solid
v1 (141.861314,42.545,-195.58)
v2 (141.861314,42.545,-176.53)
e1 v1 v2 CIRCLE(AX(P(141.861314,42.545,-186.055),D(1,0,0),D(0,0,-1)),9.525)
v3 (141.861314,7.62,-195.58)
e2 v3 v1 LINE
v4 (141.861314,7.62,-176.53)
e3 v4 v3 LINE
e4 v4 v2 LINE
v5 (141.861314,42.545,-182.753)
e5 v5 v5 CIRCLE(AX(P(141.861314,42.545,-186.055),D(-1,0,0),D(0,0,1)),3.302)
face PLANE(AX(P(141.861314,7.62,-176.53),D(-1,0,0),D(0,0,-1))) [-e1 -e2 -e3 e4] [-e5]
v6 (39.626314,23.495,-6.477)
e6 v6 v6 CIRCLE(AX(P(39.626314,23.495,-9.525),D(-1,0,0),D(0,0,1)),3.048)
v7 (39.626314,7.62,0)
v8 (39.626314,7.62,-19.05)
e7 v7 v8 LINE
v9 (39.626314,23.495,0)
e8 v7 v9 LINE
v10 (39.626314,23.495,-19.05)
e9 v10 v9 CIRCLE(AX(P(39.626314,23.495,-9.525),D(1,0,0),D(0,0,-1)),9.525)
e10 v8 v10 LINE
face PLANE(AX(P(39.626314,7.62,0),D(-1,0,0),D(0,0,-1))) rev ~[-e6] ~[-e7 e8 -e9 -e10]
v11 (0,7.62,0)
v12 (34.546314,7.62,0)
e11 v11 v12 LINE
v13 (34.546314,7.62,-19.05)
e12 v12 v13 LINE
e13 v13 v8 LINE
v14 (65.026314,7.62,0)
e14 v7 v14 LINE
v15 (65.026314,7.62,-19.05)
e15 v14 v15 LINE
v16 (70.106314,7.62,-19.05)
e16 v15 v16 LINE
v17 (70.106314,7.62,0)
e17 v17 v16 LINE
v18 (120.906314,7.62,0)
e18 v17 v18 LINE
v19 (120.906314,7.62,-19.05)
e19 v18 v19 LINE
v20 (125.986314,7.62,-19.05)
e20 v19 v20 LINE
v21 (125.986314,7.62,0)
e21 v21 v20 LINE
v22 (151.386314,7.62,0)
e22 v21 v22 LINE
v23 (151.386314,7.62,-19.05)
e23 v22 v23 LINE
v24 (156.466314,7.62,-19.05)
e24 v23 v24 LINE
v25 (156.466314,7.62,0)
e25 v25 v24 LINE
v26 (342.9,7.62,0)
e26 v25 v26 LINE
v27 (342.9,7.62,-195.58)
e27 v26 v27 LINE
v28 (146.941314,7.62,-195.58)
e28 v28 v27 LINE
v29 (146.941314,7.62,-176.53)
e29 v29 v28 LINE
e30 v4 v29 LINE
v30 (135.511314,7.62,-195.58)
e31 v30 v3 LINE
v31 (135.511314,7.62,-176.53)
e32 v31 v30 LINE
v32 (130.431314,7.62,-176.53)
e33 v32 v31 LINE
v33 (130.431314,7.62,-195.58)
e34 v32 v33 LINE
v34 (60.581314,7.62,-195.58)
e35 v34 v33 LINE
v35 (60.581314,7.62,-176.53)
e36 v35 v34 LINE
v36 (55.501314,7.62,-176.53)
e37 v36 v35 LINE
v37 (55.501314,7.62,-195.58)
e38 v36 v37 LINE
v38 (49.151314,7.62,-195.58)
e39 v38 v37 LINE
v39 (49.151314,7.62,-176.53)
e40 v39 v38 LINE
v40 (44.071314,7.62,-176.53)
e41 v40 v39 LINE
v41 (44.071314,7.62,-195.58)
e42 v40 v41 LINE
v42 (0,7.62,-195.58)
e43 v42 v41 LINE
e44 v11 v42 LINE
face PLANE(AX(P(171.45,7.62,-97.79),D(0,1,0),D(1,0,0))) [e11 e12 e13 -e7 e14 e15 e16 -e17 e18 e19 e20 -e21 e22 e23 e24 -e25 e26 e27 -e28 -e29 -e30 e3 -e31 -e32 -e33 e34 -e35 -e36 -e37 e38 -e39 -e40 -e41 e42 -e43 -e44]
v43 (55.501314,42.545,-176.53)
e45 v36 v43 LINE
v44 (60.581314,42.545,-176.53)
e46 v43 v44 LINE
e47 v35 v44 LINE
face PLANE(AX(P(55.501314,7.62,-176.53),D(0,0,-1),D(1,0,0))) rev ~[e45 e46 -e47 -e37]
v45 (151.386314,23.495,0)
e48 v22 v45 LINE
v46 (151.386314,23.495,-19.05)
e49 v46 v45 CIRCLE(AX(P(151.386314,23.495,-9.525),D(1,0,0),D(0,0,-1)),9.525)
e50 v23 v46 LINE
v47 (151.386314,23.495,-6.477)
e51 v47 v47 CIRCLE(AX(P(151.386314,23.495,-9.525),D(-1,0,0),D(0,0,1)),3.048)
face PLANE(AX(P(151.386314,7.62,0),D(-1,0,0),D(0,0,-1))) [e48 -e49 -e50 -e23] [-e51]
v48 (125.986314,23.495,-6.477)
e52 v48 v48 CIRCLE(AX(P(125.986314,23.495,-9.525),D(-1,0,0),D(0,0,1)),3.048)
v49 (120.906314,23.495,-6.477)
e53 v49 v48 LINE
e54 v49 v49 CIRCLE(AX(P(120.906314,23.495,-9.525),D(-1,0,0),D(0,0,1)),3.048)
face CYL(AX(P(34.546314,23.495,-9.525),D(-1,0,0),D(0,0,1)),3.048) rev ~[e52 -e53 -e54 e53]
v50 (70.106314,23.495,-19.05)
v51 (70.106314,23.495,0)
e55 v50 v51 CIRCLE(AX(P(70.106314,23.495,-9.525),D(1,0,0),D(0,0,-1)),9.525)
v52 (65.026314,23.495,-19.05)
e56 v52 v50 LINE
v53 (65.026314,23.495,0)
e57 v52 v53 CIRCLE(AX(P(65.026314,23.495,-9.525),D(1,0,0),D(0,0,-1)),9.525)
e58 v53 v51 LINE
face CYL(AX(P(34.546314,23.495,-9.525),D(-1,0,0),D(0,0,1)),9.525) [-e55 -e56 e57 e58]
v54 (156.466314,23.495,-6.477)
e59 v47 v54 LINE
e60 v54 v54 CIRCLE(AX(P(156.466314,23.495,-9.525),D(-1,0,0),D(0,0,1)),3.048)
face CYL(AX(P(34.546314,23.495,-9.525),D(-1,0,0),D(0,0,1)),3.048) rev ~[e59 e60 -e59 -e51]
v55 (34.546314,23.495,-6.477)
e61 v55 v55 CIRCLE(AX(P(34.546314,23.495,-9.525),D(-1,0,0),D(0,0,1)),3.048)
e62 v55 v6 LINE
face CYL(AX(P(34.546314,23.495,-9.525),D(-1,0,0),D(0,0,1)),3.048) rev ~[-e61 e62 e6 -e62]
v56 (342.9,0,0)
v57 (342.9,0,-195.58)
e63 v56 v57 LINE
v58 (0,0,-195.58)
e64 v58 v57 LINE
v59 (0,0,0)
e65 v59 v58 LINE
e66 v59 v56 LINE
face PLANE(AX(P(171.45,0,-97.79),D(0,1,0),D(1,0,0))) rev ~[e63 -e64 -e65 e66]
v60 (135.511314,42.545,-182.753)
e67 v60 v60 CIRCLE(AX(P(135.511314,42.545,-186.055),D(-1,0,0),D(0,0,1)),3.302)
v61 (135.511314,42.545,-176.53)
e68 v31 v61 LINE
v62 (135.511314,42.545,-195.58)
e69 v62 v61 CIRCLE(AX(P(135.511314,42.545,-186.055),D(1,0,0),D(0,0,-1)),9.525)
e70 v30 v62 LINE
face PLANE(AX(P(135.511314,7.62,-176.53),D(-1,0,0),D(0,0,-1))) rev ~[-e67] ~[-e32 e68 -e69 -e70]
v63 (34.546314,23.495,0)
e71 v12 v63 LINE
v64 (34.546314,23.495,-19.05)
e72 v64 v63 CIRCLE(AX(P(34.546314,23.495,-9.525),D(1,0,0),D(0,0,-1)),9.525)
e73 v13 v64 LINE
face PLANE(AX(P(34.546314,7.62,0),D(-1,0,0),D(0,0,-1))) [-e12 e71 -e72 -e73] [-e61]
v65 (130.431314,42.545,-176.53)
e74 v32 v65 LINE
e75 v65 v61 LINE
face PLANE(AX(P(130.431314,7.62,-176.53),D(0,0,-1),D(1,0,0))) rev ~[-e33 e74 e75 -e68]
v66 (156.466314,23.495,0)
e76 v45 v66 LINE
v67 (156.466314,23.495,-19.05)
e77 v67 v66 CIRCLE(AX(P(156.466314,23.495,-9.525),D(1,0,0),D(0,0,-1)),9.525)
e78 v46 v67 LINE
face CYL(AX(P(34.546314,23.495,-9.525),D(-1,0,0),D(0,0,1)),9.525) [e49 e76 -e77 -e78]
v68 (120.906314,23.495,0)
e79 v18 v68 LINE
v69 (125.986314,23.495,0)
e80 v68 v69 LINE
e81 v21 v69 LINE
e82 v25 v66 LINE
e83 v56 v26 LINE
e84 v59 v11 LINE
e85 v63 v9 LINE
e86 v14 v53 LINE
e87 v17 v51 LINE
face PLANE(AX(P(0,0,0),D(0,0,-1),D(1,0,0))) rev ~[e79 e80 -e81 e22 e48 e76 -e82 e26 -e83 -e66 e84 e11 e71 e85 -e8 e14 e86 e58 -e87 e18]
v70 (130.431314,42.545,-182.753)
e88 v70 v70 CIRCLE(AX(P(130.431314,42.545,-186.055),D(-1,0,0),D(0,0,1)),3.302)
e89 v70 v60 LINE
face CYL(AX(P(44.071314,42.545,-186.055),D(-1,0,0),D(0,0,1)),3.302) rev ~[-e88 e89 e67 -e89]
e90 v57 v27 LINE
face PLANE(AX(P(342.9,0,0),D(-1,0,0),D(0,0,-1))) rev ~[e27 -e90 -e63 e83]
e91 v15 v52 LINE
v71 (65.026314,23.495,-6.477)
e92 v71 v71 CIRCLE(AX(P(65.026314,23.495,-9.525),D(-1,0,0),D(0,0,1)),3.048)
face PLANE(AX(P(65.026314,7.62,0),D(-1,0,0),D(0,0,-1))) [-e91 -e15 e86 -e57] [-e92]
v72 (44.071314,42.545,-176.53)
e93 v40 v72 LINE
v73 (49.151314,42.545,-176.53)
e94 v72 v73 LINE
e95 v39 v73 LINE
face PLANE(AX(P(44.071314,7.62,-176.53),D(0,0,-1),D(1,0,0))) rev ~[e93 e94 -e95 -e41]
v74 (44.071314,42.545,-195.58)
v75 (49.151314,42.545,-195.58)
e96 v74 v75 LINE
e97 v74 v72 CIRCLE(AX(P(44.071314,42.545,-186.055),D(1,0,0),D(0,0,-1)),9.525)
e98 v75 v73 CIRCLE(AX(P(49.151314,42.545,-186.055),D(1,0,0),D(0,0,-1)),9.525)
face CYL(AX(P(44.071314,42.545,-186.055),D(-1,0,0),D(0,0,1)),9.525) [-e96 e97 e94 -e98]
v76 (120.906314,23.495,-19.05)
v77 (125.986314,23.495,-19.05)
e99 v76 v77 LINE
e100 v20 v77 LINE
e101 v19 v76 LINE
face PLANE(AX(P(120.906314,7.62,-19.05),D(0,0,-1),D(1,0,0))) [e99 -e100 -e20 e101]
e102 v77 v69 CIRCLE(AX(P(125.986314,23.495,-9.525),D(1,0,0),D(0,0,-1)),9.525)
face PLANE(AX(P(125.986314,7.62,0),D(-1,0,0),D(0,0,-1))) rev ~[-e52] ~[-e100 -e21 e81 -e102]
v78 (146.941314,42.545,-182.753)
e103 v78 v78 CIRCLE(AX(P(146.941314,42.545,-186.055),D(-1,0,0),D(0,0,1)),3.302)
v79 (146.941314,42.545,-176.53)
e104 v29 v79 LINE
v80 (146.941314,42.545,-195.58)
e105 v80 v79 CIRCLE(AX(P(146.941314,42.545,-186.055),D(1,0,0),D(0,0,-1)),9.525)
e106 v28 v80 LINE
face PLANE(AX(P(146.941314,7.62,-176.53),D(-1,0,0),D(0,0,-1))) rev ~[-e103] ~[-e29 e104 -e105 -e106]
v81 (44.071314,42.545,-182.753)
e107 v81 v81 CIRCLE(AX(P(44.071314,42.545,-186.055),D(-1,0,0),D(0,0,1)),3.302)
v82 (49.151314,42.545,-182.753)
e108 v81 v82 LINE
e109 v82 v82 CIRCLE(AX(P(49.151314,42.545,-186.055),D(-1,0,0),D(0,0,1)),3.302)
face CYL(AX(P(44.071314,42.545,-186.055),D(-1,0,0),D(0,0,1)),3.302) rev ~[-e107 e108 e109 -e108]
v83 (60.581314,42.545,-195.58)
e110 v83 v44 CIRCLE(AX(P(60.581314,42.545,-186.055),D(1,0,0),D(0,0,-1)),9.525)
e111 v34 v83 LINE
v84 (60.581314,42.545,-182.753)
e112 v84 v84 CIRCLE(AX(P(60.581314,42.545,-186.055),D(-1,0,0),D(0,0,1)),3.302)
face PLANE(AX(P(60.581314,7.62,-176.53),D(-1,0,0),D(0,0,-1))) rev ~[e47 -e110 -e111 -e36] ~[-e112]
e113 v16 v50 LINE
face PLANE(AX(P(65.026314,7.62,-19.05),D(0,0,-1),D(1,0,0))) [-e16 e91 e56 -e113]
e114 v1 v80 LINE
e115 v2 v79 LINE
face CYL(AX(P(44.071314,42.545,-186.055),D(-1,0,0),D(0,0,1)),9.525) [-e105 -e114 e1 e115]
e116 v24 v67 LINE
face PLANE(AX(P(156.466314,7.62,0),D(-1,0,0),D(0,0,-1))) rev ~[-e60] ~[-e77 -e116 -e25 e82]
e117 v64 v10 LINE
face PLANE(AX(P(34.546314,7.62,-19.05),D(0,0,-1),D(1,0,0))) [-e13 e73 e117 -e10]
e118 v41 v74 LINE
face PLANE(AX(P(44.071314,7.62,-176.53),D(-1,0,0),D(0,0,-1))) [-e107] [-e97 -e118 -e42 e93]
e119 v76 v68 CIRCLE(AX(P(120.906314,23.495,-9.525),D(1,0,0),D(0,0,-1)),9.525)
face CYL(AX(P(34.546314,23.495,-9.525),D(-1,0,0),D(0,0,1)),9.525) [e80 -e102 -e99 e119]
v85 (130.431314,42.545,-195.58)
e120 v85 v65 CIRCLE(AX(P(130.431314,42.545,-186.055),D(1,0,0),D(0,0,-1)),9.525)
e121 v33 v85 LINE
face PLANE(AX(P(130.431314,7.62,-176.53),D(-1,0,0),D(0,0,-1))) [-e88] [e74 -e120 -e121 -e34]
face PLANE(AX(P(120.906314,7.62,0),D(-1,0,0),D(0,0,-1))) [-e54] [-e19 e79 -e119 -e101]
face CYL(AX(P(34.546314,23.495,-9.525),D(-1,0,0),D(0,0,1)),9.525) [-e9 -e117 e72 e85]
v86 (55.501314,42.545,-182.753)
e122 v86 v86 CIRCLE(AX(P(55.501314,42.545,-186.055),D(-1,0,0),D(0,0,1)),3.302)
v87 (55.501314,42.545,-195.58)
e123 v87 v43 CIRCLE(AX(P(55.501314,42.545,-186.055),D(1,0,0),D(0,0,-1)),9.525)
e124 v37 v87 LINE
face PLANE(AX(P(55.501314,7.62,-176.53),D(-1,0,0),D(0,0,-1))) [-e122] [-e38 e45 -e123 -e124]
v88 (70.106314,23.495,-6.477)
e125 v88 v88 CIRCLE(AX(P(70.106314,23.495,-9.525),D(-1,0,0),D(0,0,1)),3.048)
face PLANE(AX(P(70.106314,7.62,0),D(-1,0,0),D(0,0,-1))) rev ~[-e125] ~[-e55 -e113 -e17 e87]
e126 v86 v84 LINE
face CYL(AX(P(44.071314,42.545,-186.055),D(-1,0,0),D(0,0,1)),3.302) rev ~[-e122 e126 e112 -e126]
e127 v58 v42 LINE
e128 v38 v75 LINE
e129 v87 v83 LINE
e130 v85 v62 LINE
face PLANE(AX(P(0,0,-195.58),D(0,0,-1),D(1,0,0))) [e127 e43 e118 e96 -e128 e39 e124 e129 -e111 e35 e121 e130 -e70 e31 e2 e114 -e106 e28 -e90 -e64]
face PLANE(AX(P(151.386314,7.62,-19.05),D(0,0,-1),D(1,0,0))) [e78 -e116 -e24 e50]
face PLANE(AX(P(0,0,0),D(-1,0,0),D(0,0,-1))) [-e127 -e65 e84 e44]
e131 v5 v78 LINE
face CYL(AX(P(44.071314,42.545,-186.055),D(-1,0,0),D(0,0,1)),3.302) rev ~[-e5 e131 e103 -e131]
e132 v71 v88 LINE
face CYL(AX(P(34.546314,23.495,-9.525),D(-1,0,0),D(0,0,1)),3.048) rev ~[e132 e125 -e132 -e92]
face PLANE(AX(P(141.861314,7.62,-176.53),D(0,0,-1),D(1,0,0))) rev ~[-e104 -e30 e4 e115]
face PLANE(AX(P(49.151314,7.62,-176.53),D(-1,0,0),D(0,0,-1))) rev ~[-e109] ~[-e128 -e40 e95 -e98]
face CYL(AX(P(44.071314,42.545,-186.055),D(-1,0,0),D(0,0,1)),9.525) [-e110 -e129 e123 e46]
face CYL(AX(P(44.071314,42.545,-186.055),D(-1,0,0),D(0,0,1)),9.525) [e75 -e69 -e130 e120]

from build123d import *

# Parameters (mm, degrees)
SKETCH1_W           = 342.9
SKETCH1_H           = 195.58
BOSS_EXTRUDE1_DEPTH = 7.62
SKETCH2_W           = 5.08
SKETCH2_H           = 19.05
BOSS_EXTRUDE2_DEPTH = 25.4
SKETCH3_R           = 3.048
CUT_EXTRUDE1_DEPTH  = 309.353685576
SKETCH2_4_W         = 5.08
SKETCH2_4_H         = 19.05
BOSS_EXTRUDE3_DEPTH = 44.45
SKETCH4_R           = 3.302
CUT_EXTRUDE2_DEPTH  = 299.828685576


with BuildPart() as part:
    # Sketch1 → Boss-Extrude1 (new body)
    with BuildSketch(Plane(origin=(0, 0, 0), x_dir=(1, 0, 0), z_dir=(0, 1, 0))):
        with Locations((171.45, 97.79)):
            Rectangle(SKETCH1_W, SKETCH1_H)
    extrude(amount=BOSS_EXTRUDE1_DEPTH)

    # Sketch2 → Boss-Extrude2 (add)
    with BuildSketch(Plane(origin=(0, 7.62, 0), x_dir=(1, 0, 0), z_dir=(0, 1, 0))):
        with Locations((37.086314424, 9.525)):
            Rectangle(SKETCH2_W, SKETCH2_H)
        with Locations((67.566314424, 9.525)):
            Rectangle(SKETCH2_W, SKETCH2_H)
        with Locations((153.926314424, 9.525)):
            Rectangle(SKETCH2_W, SKETCH2_H)
        with Locations((123.446314424, 9.525)):
            Rectangle(SKETCH2_W, SKETCH2_H)
    extrude(amount=BOSS_EXTRUDE2_DEPTH)

    # Sketch3 → Cut-Extrude1 (cut, through all)
    with BuildSketch(Plane.ZY.offset(-34.546314424)):
        with Locations((-9.525, 23.495)):
            Circle(SKETCH3_R)
        with BuildLine():
            Line((-19.05, 23.495), (-20.422011891, 33.02))
            Line((-20.422011891, 33.02), (2.969055393, 35.880507904))
            Line((2.969055393, 35.880507904), (0, 23.495))
            ThreePointArc((0, 23.495), (-9.525, 33.02), (-19.05, 23.495))
        make_face()
    extrude(amount=-CUT_EXTRUDE1_DEPTH, mode=Mode.SUBTRACT)

    # Sketch2<4> → Boss-Extrude3 (add)
    with BuildSketch(Plane(origin=(0, 7.62, 0), x_dir=(1, 0, 0), z_dir=(0, 1, 0))):
        with Locations((46.611314424, 186.055)):
            Rectangle(SKETCH2_4_W, SKETCH2_4_H)
        with Locations((58.041314424, 186.055)):
            Rectangle(SKETCH2_4_W, SKETCH2_4_H)
        with Locations((144.401314424, 186.055)):
            Rectangle(SKETCH2_4_W, SKETCH2_4_H)
        with Locations((132.971314424, 186.055)):
            Rectangle(SKETCH2_4_W, SKETCH2_4_H)
    extrude(amount=BOSS_EXTRUDE3_DEPTH)

    # Sketch4 → Cut-Extrude2 (cut, through all)
    with BuildSketch(Plane.ZY.offset(-44.071314424)):
        with Locations((-186.055, 42.545)):
            Circle(SKETCH4_R)
        with BuildLine():
            Line((-195.58, 42.545), (-197.59428292, 55.074082425))
            Line((-197.59428292, 55.074082425), (-172.116639762, 54.451508438))
            Line((-172.116639762, 54.451508438), (-176.53, 42.545))
            ThreePointArc((-176.53, 42.545), (-186.055, 52.07), (-195.58, 42.545))
        make_face()
    extrude(amount=-CUT_EXTRUDE2_DEPTH, mode=Mode.SUBTRACT)


solid = part.part
